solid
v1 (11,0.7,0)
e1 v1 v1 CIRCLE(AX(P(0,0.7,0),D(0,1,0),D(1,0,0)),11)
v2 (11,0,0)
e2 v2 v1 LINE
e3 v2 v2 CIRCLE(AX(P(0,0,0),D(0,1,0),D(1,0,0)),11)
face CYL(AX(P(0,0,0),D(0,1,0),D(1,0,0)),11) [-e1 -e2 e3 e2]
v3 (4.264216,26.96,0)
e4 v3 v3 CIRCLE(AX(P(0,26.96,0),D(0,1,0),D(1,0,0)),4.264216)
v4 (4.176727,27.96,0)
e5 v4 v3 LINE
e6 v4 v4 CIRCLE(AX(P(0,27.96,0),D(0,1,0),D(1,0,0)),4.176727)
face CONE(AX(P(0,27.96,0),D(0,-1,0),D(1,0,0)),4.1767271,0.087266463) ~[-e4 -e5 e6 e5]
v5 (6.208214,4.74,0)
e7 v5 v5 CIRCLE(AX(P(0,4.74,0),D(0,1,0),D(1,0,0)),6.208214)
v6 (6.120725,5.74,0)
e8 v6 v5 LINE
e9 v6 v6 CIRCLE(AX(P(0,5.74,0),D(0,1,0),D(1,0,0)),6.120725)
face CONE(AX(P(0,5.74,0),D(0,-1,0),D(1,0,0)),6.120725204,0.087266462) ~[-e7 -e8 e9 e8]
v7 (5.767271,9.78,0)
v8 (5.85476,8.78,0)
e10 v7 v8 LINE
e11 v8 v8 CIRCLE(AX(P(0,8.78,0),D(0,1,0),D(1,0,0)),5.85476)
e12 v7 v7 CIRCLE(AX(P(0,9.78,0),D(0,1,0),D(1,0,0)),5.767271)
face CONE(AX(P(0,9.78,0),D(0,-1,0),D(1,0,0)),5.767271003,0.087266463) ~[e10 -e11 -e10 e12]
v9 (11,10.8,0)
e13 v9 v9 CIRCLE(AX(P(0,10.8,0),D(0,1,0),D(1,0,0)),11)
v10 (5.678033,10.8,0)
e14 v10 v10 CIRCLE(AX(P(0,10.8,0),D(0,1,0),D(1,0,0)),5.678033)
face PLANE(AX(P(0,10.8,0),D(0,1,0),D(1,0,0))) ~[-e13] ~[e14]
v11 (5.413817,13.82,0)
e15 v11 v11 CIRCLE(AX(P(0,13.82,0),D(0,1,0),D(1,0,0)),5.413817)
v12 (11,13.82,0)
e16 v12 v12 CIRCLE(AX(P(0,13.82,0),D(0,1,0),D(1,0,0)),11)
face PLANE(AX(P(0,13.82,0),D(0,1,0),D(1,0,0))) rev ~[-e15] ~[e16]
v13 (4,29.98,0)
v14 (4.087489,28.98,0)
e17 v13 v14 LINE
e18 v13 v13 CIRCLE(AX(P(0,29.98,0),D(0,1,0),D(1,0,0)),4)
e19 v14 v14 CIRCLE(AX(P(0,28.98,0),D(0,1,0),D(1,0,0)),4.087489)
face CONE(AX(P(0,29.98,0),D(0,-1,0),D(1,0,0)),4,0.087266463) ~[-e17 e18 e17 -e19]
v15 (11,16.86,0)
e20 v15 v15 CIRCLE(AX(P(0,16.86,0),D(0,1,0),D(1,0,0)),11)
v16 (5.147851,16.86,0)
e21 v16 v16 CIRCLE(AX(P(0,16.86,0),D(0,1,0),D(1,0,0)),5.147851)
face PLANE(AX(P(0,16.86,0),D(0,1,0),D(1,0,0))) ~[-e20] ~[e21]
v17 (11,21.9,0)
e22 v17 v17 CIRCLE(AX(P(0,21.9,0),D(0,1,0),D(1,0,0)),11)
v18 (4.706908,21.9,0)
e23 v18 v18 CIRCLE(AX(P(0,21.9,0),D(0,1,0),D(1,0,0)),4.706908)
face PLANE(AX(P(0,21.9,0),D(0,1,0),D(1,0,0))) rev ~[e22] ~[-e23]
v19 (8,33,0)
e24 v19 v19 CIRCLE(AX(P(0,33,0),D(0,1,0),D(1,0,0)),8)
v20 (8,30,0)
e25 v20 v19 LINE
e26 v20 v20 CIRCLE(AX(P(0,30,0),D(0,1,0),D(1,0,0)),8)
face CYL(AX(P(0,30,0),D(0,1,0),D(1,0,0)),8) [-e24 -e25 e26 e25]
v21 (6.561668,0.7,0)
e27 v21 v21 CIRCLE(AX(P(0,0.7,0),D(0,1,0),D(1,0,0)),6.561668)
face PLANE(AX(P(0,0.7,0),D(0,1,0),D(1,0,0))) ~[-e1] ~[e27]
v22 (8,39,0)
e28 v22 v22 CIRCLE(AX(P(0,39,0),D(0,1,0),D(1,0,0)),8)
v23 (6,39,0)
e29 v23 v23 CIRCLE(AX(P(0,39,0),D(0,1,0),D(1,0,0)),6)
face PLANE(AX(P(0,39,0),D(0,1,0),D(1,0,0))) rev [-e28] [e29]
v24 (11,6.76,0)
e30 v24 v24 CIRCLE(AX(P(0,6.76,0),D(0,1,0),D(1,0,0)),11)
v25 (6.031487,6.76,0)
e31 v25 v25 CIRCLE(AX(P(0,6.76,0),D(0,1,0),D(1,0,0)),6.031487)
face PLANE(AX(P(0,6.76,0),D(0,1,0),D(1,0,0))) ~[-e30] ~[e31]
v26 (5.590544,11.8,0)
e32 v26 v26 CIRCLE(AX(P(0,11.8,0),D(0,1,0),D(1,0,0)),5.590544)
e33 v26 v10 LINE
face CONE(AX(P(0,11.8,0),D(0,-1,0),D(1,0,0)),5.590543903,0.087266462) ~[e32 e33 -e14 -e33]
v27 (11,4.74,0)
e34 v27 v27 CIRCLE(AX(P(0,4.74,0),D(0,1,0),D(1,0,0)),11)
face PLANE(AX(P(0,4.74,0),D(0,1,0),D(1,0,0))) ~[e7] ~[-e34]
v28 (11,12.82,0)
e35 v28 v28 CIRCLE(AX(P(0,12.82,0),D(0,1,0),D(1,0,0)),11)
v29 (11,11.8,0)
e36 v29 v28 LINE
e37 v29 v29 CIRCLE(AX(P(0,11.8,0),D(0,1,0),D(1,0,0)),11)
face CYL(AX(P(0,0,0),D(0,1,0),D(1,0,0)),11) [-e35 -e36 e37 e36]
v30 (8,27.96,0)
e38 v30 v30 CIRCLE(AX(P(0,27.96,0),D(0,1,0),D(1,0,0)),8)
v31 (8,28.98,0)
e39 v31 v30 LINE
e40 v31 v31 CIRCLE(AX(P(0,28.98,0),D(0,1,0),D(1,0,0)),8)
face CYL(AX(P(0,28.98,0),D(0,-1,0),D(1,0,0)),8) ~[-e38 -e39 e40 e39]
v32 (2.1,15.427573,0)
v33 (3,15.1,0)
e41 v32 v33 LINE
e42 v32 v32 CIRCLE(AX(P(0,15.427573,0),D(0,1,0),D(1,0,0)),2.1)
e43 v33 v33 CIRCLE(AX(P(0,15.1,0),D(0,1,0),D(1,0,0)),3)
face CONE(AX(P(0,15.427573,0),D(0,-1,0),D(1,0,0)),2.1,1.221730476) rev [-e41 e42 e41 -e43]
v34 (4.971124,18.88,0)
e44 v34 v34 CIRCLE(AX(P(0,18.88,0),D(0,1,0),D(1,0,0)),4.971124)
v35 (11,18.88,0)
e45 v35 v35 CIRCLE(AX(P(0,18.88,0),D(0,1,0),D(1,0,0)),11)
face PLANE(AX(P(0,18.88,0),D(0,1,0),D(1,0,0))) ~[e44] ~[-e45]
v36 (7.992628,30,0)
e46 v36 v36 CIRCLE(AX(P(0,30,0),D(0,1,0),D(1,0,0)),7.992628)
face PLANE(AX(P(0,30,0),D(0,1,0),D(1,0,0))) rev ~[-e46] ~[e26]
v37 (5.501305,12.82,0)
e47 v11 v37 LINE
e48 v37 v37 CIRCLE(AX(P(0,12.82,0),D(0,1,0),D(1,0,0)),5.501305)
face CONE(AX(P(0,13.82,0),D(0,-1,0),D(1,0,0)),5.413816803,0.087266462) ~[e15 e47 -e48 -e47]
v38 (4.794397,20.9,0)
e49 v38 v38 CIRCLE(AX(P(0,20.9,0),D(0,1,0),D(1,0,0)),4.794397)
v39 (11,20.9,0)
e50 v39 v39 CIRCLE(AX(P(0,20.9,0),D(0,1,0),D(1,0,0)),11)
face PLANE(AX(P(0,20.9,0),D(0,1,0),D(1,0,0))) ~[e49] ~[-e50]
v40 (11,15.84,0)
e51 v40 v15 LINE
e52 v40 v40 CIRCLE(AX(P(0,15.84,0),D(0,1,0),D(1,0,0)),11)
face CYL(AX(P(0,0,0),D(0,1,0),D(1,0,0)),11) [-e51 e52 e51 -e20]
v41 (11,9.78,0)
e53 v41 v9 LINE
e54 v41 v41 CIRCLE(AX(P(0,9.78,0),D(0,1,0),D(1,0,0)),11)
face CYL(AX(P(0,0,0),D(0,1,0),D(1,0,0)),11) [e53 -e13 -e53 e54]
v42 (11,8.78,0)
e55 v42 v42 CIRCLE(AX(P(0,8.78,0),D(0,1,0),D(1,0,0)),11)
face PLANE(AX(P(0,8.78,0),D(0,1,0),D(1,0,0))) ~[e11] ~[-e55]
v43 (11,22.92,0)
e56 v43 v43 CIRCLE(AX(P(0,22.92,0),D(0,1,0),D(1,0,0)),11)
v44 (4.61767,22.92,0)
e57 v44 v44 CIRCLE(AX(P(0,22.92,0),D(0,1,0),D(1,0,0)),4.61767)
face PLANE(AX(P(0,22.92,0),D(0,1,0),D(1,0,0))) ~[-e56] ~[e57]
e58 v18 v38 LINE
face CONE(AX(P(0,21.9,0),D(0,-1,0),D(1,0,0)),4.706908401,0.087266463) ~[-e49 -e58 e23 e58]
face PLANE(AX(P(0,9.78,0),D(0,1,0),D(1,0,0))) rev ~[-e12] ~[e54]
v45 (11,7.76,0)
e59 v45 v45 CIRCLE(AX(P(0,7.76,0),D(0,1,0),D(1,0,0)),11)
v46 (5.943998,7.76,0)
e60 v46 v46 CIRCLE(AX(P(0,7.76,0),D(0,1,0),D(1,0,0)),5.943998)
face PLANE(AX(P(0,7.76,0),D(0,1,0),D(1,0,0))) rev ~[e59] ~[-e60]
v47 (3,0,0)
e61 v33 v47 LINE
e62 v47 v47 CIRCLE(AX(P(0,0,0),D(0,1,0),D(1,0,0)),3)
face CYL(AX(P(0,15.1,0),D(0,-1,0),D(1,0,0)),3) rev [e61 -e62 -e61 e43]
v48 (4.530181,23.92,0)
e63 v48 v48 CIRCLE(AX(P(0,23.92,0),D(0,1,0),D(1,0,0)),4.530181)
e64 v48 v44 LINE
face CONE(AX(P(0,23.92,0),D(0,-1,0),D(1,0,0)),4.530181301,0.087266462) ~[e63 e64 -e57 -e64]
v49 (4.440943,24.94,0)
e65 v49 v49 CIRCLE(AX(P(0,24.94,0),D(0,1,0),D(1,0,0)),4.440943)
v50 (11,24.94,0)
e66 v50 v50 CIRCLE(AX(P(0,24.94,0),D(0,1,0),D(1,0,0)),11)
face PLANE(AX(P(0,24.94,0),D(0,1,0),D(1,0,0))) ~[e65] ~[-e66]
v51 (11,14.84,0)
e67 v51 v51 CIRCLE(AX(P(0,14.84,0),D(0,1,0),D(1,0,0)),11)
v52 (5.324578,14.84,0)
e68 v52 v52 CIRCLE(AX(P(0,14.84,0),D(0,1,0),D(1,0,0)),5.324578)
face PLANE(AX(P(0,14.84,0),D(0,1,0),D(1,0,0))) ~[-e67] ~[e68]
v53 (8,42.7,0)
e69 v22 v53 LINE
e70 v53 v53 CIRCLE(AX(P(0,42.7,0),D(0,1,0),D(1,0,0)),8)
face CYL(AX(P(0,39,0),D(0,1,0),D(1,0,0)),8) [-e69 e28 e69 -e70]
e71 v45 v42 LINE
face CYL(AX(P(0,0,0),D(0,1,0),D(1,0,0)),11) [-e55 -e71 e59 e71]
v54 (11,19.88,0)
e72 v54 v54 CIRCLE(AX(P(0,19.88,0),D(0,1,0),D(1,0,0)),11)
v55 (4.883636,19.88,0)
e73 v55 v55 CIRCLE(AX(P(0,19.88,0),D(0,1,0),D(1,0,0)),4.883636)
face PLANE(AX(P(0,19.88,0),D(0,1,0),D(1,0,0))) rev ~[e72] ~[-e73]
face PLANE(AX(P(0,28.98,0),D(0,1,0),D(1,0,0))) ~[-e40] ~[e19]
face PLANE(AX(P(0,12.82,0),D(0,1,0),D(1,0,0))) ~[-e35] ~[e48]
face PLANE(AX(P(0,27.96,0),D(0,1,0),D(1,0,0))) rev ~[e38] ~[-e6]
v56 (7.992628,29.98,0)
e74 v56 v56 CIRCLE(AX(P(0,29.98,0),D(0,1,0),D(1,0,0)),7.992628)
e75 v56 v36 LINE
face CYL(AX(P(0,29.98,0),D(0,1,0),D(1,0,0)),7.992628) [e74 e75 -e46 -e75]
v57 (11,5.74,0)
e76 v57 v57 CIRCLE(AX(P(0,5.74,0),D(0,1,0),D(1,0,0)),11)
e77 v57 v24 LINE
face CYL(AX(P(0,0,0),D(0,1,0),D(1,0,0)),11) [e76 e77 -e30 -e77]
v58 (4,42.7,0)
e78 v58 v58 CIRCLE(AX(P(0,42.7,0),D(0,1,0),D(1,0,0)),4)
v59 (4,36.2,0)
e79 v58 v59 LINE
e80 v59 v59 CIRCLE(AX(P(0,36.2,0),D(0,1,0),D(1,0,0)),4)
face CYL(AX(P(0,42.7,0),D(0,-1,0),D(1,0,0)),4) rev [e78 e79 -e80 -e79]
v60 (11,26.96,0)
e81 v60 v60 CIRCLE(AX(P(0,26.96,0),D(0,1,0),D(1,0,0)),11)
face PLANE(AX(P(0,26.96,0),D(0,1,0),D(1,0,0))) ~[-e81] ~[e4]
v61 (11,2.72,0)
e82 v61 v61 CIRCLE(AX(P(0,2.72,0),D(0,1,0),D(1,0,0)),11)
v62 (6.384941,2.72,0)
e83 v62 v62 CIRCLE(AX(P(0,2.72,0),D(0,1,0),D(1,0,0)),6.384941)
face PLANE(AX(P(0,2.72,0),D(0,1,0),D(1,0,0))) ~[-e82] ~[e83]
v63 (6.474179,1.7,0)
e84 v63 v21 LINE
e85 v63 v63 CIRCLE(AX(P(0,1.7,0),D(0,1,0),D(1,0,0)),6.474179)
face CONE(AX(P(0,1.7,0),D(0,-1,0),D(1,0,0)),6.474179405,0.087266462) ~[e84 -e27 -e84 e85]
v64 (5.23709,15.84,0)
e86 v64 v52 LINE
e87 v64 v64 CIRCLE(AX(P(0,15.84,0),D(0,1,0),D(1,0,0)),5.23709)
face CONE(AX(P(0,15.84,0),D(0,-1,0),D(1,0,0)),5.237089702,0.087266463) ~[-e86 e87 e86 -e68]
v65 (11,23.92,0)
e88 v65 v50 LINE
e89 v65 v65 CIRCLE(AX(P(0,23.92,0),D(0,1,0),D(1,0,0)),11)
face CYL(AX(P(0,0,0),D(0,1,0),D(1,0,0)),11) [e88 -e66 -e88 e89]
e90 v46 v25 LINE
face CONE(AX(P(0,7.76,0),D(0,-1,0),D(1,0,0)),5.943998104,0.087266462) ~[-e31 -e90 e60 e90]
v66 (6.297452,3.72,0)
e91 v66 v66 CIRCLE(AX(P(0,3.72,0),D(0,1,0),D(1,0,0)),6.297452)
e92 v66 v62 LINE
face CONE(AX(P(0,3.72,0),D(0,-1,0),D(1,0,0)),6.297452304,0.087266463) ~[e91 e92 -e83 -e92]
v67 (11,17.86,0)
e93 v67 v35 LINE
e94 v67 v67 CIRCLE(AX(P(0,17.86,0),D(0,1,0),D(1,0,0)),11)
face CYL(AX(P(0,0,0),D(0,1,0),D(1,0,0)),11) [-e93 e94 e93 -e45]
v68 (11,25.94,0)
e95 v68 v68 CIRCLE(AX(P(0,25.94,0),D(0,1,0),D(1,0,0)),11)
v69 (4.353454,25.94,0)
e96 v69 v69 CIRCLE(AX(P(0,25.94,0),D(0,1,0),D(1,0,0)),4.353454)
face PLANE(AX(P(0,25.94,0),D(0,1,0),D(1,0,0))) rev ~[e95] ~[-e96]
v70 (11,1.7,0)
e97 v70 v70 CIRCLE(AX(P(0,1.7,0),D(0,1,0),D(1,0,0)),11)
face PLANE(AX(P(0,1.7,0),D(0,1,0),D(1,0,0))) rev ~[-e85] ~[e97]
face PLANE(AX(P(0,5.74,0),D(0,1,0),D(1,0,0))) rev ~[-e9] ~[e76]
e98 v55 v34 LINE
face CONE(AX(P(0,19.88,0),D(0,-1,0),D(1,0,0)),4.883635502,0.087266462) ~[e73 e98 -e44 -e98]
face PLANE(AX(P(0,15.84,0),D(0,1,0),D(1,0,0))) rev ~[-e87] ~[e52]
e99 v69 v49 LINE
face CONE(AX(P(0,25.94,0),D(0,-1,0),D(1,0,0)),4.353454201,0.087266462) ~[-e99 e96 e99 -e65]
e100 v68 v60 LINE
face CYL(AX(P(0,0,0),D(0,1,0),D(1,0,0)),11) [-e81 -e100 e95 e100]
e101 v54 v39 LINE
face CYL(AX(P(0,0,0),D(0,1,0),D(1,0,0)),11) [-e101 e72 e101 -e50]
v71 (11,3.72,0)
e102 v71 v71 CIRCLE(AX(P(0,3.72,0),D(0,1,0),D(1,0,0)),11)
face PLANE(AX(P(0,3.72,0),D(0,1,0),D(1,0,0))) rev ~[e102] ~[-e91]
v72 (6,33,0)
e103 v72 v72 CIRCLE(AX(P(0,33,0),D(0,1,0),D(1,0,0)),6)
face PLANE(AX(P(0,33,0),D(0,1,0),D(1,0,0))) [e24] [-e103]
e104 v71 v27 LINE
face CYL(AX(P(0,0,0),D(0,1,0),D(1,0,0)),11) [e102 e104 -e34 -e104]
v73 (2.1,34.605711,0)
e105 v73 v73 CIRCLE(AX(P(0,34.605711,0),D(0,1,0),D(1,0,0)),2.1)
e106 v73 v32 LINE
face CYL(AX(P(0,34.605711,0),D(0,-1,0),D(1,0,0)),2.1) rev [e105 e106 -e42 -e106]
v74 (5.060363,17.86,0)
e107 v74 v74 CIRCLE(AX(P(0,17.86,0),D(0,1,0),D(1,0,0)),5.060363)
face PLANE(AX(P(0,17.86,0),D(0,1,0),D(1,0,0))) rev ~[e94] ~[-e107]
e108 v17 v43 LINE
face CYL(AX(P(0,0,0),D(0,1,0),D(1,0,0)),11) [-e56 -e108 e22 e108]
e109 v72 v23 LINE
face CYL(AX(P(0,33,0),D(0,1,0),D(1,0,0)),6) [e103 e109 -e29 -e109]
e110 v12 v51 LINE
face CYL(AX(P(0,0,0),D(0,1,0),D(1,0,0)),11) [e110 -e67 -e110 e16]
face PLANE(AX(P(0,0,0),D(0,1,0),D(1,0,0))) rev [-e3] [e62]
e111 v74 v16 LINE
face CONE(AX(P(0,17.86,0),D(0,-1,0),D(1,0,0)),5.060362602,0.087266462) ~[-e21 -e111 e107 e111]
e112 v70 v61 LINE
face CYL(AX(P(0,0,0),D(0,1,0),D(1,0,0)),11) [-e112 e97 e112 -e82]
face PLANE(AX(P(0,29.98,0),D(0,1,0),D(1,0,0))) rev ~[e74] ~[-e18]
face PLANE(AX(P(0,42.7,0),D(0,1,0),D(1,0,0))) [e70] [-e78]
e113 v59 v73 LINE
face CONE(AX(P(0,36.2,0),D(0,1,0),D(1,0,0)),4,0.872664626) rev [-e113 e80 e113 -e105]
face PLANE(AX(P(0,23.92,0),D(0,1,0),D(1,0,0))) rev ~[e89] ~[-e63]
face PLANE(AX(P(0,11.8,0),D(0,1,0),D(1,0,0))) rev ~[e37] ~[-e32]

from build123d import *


with BuildPart() as part:
    # Croquis1 → Revolución2 (revolve)
    with BuildSketch(Plane.XY):
        Polygon((8, 42.7), (4, 42.7), (4, 36.2), (2.1, 34.605710701), (2.1, 15.427573211), (3, 15.1), (3, 0), (11, 0), (11, 30), (8, 30), (8, 33), (6, 33), (6, 39), (8, 39), align=None)
    revolve(axis=Axis((0, 0, 0), (0, 1, 0)))

    # Croquis2 → Cortar-Revolución1 (revolve, cut)
    with BuildSketch(Plane.XY):
        Polygon((6.561668068, 0.7), (11, 0.7), (11, 1.7), (6.474179405, 1.7), align=None)
        Polygon((6.297452304, 3.72), (6.384940968, 2.72), (11, 2.72), (11, 3.72), align=None)
        Polygon((6.120725204, 5.74), (6.208213867, 4.74), (11, 4.74), (11, 5.74), align=None)
        Polygon((5.943998104, 7.76), (6.031486767, 6.76), (11, 6.76), (11, 7.76), align=None)
        Polygon((5.767271003, 9.78), (5.854759667, 8.78), (11, 8.78), (11, 9.78), align=None)
        Polygon((5.590543903, 11.8), (5.678032566, 10.8), (11, 10.8), (11, 11.8), align=None)
        Polygon((5.413816803, 13.82), (5.501305466, 12.82), (11, 12.82), (11, 13.82), align=None)
        Polygon((5.237089702, 15.84), (5.324578366, 14.84), (11, 14.84), (11, 15.84), align=None)
        Polygon((5.060362602, 17.86), (5.147851265, 16.86), (11, 16.86), (11, 17.86), align=None)
        Polygon((4.883635502, 19.88), (4.971124165, 18.88), (11, 18.88), (11, 19.88), align=None)
        Polygon((4.706908401, 21.9), (4.794397065, 20.9), (11, 20.9), (11, 21.9), align=None)
        Polygon((4.530181301, 23.92), (4.617669964, 22.92), (11, 22.92), (11, 23.92), align=None)
        Polygon((4.353454201, 25.94), (4.440942864, 24.94), (11, 24.94), (11, 25.94), align=None)
        Polygon((4.1767271, 27.96), (4.264215764, 26.96), (11, 26.96), (11, 29.98), (4, 29.98), (4.087488664, 28.98), (8, 28.98), (8, 27.96), align=None)
    revolve(axis=Axis((0, 0, 0), (0, 1, 0)), mode=Mode.SUBTRACT)

    # Croquis3 → Cortar-Revolución4 (revolve, cut)
    with BuildSketch(Plane.XY):
        Polygon((10.994525772, 30), (11.094314794, 30), (11.094314794, 29.98), (7.992627906, 29.98), (7.992627906, 30), align=None)
    revolve(axis=Axis((0, 0, 0), (0, 1, 0)), mode=Mode.SUBTRACT)


solid = part.part
